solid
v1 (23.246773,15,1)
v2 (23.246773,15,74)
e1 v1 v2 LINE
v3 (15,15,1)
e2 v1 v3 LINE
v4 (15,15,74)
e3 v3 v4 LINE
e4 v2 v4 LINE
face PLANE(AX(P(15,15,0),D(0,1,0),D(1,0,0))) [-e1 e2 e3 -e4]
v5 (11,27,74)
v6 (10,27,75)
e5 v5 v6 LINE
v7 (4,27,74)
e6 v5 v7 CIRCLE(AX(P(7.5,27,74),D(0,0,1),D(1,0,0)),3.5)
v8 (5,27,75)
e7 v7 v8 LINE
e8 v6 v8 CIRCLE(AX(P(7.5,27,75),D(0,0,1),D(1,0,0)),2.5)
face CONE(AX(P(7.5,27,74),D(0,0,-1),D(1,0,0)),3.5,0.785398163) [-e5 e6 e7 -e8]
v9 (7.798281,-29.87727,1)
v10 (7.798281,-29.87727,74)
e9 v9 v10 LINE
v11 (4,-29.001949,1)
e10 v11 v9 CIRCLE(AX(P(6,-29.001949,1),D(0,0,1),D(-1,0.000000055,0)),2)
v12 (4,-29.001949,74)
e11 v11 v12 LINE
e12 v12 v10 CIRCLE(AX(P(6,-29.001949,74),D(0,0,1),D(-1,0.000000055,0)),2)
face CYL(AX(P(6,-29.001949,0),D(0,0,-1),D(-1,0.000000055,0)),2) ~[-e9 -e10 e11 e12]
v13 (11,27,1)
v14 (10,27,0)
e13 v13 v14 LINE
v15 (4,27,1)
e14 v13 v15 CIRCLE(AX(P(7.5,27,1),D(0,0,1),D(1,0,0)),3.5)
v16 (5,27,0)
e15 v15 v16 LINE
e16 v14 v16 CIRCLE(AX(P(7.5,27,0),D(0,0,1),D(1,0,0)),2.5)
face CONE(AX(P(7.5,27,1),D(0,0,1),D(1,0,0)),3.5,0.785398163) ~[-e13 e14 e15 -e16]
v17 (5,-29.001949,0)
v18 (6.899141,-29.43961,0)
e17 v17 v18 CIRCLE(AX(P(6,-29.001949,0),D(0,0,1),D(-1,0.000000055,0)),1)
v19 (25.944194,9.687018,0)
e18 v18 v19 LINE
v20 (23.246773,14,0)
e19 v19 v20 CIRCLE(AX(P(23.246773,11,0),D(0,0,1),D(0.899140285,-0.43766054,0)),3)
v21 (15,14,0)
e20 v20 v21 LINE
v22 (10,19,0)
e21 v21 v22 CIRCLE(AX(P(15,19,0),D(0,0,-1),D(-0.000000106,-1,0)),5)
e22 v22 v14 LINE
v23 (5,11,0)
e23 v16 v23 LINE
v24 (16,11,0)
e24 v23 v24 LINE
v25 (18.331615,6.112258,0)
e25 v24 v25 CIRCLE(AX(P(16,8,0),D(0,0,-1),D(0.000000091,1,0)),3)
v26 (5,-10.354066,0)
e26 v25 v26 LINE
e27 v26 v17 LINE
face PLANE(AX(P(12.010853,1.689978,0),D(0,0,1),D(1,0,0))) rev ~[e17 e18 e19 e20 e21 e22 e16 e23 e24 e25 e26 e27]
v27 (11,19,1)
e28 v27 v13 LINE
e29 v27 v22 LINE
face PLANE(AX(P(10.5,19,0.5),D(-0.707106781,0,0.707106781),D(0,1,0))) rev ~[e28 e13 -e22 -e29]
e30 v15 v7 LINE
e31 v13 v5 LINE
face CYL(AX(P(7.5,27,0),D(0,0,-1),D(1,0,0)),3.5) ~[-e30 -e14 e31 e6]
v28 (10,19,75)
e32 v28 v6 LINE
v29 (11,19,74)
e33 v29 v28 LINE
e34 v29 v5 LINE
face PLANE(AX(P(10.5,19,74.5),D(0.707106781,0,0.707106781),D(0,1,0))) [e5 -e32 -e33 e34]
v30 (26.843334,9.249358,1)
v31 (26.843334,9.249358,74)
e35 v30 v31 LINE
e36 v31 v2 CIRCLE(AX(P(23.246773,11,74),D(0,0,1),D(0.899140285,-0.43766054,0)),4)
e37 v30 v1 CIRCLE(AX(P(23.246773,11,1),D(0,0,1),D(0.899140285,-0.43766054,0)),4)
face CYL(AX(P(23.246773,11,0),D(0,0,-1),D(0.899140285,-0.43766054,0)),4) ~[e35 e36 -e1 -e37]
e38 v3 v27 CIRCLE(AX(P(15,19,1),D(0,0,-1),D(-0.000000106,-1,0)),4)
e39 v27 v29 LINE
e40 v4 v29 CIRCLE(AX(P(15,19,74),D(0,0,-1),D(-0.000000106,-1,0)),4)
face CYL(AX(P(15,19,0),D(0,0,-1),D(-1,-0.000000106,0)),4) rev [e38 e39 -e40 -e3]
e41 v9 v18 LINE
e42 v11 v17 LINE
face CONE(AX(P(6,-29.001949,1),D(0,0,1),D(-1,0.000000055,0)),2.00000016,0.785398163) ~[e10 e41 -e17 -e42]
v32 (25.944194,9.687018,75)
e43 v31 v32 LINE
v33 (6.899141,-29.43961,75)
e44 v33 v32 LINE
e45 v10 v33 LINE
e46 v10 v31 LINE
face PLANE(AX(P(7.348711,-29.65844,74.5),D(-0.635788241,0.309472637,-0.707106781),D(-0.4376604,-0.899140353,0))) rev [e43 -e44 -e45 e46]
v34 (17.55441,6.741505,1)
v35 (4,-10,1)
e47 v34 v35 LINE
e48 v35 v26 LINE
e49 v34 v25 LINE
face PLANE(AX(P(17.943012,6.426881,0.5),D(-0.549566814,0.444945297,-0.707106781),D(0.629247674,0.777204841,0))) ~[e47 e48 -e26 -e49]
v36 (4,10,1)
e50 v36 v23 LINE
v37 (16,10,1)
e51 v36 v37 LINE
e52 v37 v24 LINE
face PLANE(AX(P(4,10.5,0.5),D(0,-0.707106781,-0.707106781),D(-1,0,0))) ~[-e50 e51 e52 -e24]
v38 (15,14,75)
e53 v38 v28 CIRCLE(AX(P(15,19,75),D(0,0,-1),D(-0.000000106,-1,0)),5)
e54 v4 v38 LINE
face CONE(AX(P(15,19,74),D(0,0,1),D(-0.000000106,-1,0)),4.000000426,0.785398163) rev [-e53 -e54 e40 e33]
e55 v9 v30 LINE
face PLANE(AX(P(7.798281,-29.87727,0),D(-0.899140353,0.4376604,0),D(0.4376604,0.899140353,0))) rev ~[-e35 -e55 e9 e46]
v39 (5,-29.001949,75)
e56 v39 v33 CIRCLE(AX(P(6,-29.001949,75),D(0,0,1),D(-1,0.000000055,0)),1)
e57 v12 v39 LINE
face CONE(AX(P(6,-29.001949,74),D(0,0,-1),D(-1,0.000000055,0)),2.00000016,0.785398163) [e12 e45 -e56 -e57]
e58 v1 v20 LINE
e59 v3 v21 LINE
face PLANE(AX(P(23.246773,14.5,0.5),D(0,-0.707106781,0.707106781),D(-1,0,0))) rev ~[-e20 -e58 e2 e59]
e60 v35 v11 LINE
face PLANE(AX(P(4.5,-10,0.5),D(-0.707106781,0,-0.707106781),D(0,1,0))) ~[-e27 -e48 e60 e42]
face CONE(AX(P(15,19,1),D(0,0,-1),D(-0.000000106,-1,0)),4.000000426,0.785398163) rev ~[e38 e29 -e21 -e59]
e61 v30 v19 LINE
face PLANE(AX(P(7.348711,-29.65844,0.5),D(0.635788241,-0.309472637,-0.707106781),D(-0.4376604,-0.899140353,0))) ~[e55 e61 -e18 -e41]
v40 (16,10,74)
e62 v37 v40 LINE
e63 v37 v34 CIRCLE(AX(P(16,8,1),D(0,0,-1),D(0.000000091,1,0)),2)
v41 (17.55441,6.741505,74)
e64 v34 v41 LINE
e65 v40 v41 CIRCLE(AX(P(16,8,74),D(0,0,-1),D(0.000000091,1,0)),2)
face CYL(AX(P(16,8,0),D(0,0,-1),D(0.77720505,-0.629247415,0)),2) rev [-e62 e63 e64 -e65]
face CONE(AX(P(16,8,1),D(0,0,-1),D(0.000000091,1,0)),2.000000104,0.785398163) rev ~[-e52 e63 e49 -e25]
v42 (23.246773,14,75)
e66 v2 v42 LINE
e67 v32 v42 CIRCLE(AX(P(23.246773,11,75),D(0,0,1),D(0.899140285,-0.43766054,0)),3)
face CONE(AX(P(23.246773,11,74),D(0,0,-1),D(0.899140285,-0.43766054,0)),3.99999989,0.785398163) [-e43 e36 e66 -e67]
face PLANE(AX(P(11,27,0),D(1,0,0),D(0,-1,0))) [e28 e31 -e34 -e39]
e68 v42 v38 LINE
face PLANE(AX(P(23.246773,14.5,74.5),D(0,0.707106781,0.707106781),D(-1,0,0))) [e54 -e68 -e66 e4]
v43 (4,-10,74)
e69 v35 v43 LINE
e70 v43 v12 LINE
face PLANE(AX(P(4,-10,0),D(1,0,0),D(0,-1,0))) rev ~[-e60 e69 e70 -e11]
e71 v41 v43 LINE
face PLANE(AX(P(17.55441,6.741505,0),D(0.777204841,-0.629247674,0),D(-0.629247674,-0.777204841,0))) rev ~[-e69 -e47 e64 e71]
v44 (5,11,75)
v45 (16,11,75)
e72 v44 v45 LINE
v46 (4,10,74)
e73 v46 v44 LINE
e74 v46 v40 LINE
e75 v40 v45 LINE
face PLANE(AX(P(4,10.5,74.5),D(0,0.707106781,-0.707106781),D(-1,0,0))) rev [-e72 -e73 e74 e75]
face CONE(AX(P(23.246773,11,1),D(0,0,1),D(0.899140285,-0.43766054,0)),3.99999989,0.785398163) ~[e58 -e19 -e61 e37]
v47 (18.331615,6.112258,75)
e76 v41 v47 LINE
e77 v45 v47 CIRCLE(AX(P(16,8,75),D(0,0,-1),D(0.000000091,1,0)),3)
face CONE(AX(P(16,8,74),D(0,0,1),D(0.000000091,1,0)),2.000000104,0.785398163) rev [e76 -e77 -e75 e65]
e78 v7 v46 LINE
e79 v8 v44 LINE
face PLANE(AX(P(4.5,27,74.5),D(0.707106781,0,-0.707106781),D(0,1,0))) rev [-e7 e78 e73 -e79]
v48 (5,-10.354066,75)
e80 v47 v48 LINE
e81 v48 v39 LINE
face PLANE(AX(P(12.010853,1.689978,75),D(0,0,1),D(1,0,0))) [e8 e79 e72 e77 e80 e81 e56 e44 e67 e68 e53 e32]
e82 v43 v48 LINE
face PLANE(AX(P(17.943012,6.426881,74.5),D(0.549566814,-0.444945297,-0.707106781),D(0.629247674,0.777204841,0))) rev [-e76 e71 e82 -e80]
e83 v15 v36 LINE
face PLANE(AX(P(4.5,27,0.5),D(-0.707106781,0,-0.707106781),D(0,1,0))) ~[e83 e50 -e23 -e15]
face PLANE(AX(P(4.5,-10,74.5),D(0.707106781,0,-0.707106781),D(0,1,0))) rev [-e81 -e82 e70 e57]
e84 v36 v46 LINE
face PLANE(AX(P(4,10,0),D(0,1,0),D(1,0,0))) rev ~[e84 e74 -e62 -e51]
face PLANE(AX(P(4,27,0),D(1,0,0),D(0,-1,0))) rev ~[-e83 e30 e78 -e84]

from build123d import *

# Parameters (mm, degrees)
PAD_DEPTH    = 75
CHAMFER_SIZE = 1


with BuildPart() as part:
    # Sketch → Pad (new body)
    with BuildSketch(Plane.XY):
        with BuildLine():
            Line((4, 27), (4, 10))
            Line((4, 10), (16, 10))
            ThreePointArc((17.55441, 6.741505), (17.80513, 8.861107), (16, 10))
            Line((17.55441, 6.741505), (4, -10))
            Line((4, -10), (4, -29.001949))
            ThreePointArc((4, -29.001949), (5.550868, -30.950867), (7.798281, -29.87727))
            Line((7.798281, -29.87727), (26.843334, 9.249358))
            ThreePointArc((26.843334, 9.249358), (26.638127, 13.121018), (23.246773, 15))
            Line((15, 15), (23.246773, 15))
            ThreePointArc((11, 19), (12.171573, 16.171573), (15, 15))
            Line((11, 27), (11, 19))
            ThreePointArc((11, 27), (7.5, 30.5), (4, 27))
        make_face()
    extrude(amount=PAD_DEPTH)

    # Chamfer
    chamfer_edges = [part.edges().sort_by_distance(p)[0] for p in [
        (7.5, 30.5, 75),
        (4, 18.5, 75),
        (10, 10, 75),
        (17.80513, 8.861107, 75),
        (10.777205, -1.629248, 75),
        (4, -19.500975, 75),
        (5.550868, -30.950867, 75),
        (17.320807, -10.313956, 75),
        (26.638127, 13.121018, 75),
        (19.123386, 15, 75),
        (12.171573, 16.171573, 75),
        (11, 23, 75),
        (7.5, 30.5, 0),
        (4, 18.5, 0),
        (10, 10, 0),
        (17.80513, 8.861107, 0),
        (10.777205, -1.629248, 0),
        (4, -19.500975, 0),
        (5.550868, -30.950867, 0),
        (17.320807, -10.313956, 0),
        (26.638127, 13.121018, 0),
        (19.123386, 15, 0),
        (12.171573, 16.171573, 0),
        (11, 23, 0),
    ]]
    chamfer(chamfer_edges, length=CHAMFER_SIZE)


solid = part.part
